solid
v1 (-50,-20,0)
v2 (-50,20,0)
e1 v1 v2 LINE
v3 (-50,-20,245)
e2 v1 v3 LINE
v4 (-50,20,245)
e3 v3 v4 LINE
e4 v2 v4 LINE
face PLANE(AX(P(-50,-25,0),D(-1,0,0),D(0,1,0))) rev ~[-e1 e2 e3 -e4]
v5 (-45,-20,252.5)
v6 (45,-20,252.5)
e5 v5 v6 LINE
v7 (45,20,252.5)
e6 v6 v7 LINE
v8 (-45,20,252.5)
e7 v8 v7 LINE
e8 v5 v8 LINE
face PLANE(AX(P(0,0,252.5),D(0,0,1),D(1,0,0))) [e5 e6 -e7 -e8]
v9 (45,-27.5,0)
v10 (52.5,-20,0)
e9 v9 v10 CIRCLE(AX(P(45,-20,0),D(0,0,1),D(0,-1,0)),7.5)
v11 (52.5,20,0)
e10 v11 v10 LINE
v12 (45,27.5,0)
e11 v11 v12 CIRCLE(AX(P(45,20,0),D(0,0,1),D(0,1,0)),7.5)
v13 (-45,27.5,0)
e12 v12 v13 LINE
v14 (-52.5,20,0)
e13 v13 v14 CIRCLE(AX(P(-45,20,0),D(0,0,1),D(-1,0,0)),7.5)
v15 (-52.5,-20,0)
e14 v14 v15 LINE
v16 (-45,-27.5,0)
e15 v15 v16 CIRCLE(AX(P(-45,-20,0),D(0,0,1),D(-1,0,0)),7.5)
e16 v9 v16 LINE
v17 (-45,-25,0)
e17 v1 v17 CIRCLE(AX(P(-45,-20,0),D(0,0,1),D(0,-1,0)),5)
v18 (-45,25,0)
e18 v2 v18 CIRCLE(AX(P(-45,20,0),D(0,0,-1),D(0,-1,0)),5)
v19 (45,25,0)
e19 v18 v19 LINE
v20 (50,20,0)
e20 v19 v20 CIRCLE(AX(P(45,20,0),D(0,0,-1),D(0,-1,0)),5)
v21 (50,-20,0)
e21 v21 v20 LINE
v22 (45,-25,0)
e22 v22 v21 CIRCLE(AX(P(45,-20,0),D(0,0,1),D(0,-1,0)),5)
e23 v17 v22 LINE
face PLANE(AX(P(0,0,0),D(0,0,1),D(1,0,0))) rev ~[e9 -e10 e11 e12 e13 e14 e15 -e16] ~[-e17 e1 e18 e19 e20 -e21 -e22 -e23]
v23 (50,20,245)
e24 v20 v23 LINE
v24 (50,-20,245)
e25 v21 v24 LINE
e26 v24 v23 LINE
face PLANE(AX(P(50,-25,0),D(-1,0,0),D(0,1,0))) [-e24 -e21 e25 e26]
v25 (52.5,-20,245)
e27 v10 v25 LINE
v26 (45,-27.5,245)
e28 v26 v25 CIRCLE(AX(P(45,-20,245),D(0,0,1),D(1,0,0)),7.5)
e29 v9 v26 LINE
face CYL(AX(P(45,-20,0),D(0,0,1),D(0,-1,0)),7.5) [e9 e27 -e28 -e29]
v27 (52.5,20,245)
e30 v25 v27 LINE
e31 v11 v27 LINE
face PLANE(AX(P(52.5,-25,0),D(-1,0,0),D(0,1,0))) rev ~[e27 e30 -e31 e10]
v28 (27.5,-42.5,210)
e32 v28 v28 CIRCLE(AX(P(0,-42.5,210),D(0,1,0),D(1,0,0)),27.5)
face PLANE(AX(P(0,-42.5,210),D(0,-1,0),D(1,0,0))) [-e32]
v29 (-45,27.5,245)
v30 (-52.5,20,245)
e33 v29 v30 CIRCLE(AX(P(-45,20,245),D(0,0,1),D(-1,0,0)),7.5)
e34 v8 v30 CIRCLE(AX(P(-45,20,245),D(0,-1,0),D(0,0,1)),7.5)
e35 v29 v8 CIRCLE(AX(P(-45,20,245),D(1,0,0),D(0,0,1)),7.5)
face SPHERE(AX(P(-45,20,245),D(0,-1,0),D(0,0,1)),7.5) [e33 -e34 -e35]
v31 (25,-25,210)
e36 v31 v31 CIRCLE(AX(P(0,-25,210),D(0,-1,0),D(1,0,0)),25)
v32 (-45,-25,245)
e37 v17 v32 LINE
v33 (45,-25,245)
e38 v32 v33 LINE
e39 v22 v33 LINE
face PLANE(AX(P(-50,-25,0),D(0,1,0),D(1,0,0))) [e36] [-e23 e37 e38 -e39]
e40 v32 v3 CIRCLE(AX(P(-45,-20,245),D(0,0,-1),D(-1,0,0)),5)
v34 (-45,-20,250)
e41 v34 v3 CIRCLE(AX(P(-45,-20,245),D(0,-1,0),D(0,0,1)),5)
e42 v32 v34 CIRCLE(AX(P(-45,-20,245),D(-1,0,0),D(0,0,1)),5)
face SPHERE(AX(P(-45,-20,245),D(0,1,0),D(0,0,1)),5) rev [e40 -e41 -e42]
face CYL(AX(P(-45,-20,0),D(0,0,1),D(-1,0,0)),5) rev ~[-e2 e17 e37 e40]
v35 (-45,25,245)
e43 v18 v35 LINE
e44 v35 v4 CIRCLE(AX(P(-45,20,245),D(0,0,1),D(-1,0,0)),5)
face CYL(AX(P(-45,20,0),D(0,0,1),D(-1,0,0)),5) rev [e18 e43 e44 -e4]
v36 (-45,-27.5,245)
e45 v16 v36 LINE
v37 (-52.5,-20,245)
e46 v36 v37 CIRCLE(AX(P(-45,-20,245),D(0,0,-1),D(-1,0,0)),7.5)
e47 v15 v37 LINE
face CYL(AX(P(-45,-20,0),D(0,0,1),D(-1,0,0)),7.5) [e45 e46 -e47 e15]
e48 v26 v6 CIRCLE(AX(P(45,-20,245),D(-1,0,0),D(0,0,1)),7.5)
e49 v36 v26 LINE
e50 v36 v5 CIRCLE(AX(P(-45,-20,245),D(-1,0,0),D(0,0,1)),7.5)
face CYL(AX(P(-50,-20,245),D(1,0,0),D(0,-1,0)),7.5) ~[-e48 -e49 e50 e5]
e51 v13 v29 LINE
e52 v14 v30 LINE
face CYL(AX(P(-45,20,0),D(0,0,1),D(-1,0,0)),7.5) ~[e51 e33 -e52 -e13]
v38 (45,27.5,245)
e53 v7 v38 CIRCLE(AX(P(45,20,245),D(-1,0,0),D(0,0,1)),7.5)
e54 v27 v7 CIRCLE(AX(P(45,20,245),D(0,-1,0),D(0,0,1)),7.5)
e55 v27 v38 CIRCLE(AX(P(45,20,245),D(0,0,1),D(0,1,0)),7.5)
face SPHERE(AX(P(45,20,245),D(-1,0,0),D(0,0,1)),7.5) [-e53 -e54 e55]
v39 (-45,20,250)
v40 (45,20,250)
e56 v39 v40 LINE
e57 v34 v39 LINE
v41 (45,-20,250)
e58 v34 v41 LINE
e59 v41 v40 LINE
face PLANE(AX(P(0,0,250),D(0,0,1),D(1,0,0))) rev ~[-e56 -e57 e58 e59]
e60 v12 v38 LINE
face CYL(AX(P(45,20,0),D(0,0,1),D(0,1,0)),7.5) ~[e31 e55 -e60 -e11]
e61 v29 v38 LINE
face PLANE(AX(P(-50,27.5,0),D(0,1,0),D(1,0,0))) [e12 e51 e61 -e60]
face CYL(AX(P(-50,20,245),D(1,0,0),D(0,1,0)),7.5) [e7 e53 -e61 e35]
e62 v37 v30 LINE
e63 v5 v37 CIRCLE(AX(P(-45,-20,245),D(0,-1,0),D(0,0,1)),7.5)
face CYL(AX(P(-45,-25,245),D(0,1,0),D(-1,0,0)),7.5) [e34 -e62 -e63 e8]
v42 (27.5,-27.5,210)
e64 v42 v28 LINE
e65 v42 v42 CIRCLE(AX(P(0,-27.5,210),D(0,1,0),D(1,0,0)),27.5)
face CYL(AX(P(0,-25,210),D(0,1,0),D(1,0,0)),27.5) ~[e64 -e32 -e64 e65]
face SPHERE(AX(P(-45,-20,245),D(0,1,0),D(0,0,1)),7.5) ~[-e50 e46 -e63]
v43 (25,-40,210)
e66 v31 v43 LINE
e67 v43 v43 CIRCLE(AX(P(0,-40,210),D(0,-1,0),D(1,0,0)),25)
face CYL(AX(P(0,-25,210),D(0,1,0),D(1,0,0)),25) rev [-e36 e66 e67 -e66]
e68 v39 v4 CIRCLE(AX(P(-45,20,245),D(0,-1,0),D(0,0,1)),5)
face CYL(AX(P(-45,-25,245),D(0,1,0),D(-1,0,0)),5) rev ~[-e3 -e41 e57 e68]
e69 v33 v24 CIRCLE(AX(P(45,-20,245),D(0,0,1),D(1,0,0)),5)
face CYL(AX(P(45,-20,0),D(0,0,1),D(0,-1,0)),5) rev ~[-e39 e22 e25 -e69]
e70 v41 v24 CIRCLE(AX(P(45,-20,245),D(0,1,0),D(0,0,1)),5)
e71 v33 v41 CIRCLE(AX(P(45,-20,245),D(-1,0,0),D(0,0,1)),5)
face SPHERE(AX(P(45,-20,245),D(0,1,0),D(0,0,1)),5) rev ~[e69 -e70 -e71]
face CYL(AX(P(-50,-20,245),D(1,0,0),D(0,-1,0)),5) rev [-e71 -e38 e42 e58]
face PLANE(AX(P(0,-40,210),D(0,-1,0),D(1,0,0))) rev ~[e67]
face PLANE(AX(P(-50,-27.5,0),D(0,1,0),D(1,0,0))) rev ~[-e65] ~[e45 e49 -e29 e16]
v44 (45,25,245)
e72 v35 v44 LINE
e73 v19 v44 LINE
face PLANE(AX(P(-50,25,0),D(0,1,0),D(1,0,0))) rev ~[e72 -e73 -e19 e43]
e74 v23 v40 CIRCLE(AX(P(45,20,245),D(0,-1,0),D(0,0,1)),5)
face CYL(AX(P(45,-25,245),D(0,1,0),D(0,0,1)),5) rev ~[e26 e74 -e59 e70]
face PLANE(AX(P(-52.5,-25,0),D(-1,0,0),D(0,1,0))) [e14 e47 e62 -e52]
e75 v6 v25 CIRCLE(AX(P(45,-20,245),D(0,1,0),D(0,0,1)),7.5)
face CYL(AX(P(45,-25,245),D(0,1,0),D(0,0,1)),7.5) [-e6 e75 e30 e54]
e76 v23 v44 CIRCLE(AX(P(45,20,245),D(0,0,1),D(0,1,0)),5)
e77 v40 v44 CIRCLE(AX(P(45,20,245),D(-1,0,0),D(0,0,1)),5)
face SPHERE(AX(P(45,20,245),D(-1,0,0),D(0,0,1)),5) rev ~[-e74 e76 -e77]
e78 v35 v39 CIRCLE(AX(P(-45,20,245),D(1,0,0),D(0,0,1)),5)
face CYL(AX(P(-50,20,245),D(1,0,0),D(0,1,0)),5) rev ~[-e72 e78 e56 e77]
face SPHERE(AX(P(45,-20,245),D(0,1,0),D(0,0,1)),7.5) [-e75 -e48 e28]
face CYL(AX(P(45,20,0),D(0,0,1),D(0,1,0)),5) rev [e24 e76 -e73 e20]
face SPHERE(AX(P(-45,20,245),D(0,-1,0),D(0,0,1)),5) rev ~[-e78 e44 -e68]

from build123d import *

# Parameters (mm, degrees)
F0_W     = 100
F0_H     = 50
F1_DEPTH = 250
F2_R     = 25
F3_DEPTH = 15
F4_R     = 5
F5_T     = 2.5


with BuildPart() as f1:
    # F0 (on Top) → F1 (new body)
    with BuildSketch(Plane.XY):
        Rectangle(F0_W, F0_H)
    extrude(amount=F1_DEPTH)

    # F2 (on face) → F3 (join)
    with BuildSketch(Plane.XZ.offset(25)):
        with Locations((0, 210)):
            Circle(F2_R)
    extrude(amount=F3_DEPTH)

    # F4
    f4_edges = [f1.edges().sort_by_distance(p)[0] for p in [
        (-50, 0, 250),
        (0, 25, 250),
        (50, 0, 250),
        (0, -25, 250),
        (50, -25, 125),
        (50, 25, 125),
        (-50, -25, 125),
        (-50, 25, 125),
    ]]
    fillet(f4_edges, radius=F4_R)

    # F5
    f5_openings = [f1.faces().sort_by_distance(p)[0] for p in [
        (0, 0, 0),
    ]]
    offset(amount=F5_T, openings=f5_openings, kind=Kind.INTERSECTION)


solid = f1.part
